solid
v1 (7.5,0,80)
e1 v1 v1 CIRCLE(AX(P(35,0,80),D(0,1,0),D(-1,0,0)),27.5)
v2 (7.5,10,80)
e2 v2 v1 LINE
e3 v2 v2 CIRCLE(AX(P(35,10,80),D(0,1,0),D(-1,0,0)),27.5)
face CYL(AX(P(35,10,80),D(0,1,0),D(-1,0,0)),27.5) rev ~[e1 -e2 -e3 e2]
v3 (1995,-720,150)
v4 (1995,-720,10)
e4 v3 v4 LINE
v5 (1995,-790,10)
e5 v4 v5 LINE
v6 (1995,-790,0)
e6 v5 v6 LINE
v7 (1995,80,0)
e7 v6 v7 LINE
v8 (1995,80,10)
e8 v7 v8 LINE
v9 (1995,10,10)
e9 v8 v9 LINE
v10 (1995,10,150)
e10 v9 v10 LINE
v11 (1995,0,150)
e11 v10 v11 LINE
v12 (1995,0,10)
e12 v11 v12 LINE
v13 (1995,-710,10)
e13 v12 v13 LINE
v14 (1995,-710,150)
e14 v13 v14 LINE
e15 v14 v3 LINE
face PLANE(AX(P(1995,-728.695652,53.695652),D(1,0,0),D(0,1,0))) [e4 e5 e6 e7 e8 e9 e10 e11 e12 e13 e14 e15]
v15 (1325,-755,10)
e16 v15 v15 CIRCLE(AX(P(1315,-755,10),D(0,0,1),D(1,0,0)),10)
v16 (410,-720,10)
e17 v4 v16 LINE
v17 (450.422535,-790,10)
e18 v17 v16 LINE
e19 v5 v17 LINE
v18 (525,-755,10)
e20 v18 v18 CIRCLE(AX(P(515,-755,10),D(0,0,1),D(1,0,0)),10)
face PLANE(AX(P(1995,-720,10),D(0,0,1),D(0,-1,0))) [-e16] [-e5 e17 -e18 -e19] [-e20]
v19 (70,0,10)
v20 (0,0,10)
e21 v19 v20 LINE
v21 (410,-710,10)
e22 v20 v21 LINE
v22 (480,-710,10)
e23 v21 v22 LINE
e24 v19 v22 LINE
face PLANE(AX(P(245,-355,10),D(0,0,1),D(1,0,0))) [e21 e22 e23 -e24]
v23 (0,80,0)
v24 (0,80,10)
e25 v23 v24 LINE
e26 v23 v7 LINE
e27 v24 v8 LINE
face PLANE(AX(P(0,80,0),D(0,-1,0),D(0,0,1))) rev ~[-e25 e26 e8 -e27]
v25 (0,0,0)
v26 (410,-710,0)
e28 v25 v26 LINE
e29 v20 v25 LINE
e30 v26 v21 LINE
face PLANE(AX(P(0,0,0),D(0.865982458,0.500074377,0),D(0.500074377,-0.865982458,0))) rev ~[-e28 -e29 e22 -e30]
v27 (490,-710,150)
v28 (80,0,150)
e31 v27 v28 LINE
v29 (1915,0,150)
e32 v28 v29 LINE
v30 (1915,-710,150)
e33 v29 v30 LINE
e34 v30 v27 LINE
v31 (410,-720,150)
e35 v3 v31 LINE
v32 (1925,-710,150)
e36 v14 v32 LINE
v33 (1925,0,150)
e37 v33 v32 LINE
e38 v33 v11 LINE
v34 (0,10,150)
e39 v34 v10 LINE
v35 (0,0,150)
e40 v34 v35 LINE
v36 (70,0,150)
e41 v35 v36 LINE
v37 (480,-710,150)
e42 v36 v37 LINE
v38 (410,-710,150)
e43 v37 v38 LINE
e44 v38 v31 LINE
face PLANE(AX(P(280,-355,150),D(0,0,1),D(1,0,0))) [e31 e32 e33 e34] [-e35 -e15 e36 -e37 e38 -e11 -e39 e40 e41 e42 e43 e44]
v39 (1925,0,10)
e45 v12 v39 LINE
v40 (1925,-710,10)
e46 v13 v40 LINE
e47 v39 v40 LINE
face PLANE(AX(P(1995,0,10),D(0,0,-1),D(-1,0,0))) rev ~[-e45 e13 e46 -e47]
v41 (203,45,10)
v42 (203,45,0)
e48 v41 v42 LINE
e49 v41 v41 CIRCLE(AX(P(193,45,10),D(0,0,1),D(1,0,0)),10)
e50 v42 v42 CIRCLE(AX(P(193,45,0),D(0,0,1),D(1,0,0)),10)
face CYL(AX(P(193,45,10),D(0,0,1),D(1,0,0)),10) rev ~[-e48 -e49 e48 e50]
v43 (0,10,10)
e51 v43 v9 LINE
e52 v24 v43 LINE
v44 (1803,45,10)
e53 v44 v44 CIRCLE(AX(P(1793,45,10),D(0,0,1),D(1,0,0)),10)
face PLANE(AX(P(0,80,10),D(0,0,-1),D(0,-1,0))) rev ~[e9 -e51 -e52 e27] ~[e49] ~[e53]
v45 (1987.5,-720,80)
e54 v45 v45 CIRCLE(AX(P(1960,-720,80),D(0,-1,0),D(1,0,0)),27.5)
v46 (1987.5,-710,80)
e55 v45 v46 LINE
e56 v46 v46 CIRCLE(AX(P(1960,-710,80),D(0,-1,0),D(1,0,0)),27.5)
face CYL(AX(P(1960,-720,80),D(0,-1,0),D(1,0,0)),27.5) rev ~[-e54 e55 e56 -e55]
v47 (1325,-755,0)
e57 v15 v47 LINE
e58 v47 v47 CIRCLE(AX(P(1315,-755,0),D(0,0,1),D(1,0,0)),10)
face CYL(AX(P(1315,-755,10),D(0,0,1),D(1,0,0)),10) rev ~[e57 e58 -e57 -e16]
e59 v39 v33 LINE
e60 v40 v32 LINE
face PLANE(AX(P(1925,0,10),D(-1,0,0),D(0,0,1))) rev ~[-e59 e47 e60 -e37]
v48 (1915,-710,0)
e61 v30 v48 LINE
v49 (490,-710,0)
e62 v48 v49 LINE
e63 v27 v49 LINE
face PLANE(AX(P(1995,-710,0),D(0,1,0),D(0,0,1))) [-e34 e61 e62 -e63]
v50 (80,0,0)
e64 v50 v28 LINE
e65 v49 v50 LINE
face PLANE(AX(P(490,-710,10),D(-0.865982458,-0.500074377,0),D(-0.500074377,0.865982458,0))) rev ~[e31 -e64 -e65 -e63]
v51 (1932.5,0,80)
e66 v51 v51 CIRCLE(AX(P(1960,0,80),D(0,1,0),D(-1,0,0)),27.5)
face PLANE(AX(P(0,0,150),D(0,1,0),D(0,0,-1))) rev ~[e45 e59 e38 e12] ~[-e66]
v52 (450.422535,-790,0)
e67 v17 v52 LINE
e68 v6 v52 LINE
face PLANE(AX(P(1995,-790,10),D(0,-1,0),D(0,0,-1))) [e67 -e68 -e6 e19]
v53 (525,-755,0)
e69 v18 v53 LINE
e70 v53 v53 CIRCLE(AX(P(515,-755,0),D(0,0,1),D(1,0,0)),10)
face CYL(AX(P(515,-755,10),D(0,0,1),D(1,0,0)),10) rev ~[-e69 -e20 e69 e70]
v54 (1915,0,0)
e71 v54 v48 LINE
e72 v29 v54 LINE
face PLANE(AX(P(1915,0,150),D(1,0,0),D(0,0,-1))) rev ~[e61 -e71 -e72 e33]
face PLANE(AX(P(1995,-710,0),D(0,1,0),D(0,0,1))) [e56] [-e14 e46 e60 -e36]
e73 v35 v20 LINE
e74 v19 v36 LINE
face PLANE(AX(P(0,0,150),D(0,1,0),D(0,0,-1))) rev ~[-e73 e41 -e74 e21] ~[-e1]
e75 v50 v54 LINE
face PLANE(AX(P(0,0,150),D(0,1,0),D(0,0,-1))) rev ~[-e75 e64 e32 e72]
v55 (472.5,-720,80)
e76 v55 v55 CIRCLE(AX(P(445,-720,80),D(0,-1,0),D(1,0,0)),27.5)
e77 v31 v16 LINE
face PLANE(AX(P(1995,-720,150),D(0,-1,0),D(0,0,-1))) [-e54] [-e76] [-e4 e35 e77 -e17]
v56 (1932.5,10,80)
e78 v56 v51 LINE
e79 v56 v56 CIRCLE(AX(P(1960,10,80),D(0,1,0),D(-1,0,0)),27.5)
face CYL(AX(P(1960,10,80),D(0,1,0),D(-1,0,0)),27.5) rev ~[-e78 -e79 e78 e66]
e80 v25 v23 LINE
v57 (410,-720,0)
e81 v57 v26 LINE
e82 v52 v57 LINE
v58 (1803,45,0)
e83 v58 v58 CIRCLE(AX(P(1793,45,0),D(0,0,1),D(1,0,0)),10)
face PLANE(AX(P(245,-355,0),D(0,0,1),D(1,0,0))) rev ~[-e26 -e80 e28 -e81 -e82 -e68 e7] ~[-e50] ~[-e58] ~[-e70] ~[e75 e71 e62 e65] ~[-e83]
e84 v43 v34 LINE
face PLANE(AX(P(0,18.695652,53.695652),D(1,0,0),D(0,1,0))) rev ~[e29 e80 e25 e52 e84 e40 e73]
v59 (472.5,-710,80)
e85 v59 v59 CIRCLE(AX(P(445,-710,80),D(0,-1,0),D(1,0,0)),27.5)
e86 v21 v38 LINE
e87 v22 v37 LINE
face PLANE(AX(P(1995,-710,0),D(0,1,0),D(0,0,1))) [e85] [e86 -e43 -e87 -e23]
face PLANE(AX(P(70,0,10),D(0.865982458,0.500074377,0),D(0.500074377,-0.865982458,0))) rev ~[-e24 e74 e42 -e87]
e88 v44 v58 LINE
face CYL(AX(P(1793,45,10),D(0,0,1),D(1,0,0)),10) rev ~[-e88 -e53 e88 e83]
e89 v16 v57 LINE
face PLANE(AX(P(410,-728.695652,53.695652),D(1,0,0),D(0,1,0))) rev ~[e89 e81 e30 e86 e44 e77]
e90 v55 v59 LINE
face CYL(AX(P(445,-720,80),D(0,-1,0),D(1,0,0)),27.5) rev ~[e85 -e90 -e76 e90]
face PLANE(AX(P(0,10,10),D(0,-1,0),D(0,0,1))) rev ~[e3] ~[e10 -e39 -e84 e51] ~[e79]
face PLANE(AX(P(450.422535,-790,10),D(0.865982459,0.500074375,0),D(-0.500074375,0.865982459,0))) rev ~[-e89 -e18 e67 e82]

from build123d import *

# Parameters (mm, degrees)
F1_DEPTH  = 1995
F3_DEPTH  = 710
F5_DEPTH  = 1585
F7_DEPTH  = 10
F9_DEPTH  = 140
F10_R     = 10
F11_DEPTH = 25
F12_R     = 27.5
F13_DEPTH = 15
F14_R     = 27.5
F15_DEPTH = 25
F17_DEPTH = 25


with BuildPart() as f1:
    # F0 (on Right) → F1 (new body)
    with BuildSketch(Plane.YZ):
        Polygon((0, 10), (0, 0), (10, 0), (80, 0), (80, 10), (10, 10), (10, 150), (0, 150), align=None)
    extrude(amount=F1_DEPTH)

    # F2 (on face) → F3 (join)
    with BuildSketch(Plane.XZ):
        Polygon((1915, 10), (1915, 0), (1925, 0), (1995, 0), (1995, 10), (1925, 10), (1925, 150), (1915, 150), align=None)
    extrude(amount=F3_DEPTH)



with BuildPart() as f5:
    # F4 (on face) → F5 (new body)
    with BuildSketch(Plane.YZ.offset(1995)):
        Polygon((-720, 150), (-720, 10), (-790, 10), (-790, 0), (-720, 0), (-710, 0), (-710, 10), (-710, 150), align=None)
    extrude(amount=-F5_DEPTH)


with BuildPart() as f7:
    # F6 (on Top) → F7 (new body)
    with BuildSketch(Plane.XY):
        Polygon((490, -710), (80, 0), (0, 0), (410, -710), align=None)
    extrude(amount=F7_DEPTH)


with BuildPart() as f1_1:
    add(f1.part)

    add(f5.part)  # F9 merges F5

    add(f7.part)  # F9 merges F7
    # F8 (on face) → F9 (join)
    with BuildSketch(Plane.XY.offset(10)):
        Polygon((490, -710), (80, 0), (70, 0), (480, -710), align=None)
    extrude(amount=F9_DEPTH)

    # F10 (on face) → F11 (cut)
    with BuildSketch(Plane.XY.offset(10)):
        with Locations((515, -755)):
            Circle(F10_R)
        with Locations((1315, -755)):
            Circle(F10_R)
        with Locations((1793, 45)):
            Circle(F10_R)
        with Locations((193, 45)):
            Circle(F10_R)
    extrude(amount=-F11_DEPTH, mode=Mode.SUBTRACT)

    # F12 (on face) → F13 (cut)
    with BuildSketch(Plane.XZ.offset(720)):
        with Locations((445, 80)):
            Circle(F12_R)
        with Locations((1960, 80)):
            Circle(F12_R)
    extrude(amount=-F13_DEPTH, mode=Mode.SUBTRACT)

    # F14 (on face) → F15 (cut)
    with BuildSketch(Plane(origin=(0, 10, 0), x_dir=(-1, 0, 0), z_dir=(0, 1, 0))):
        with Locations((-1960, 80)):
            Circle(F14_R)
        with Locations((-35, 80)):
            Circle(F14_R)
    extrude(amount=-F15_DEPTH, mode=Mode.SUBTRACT)

    # F16 (on face) → F17 (cut)
    with BuildSketch(Plane.XY.offset(10)):
        Polygon((450.422535, -790), (410, -720), (410, -790), align=None)
    extrude(amount=-F17_DEPTH, mode=Mode.SUBTRACT)


solid = f1_1.part
